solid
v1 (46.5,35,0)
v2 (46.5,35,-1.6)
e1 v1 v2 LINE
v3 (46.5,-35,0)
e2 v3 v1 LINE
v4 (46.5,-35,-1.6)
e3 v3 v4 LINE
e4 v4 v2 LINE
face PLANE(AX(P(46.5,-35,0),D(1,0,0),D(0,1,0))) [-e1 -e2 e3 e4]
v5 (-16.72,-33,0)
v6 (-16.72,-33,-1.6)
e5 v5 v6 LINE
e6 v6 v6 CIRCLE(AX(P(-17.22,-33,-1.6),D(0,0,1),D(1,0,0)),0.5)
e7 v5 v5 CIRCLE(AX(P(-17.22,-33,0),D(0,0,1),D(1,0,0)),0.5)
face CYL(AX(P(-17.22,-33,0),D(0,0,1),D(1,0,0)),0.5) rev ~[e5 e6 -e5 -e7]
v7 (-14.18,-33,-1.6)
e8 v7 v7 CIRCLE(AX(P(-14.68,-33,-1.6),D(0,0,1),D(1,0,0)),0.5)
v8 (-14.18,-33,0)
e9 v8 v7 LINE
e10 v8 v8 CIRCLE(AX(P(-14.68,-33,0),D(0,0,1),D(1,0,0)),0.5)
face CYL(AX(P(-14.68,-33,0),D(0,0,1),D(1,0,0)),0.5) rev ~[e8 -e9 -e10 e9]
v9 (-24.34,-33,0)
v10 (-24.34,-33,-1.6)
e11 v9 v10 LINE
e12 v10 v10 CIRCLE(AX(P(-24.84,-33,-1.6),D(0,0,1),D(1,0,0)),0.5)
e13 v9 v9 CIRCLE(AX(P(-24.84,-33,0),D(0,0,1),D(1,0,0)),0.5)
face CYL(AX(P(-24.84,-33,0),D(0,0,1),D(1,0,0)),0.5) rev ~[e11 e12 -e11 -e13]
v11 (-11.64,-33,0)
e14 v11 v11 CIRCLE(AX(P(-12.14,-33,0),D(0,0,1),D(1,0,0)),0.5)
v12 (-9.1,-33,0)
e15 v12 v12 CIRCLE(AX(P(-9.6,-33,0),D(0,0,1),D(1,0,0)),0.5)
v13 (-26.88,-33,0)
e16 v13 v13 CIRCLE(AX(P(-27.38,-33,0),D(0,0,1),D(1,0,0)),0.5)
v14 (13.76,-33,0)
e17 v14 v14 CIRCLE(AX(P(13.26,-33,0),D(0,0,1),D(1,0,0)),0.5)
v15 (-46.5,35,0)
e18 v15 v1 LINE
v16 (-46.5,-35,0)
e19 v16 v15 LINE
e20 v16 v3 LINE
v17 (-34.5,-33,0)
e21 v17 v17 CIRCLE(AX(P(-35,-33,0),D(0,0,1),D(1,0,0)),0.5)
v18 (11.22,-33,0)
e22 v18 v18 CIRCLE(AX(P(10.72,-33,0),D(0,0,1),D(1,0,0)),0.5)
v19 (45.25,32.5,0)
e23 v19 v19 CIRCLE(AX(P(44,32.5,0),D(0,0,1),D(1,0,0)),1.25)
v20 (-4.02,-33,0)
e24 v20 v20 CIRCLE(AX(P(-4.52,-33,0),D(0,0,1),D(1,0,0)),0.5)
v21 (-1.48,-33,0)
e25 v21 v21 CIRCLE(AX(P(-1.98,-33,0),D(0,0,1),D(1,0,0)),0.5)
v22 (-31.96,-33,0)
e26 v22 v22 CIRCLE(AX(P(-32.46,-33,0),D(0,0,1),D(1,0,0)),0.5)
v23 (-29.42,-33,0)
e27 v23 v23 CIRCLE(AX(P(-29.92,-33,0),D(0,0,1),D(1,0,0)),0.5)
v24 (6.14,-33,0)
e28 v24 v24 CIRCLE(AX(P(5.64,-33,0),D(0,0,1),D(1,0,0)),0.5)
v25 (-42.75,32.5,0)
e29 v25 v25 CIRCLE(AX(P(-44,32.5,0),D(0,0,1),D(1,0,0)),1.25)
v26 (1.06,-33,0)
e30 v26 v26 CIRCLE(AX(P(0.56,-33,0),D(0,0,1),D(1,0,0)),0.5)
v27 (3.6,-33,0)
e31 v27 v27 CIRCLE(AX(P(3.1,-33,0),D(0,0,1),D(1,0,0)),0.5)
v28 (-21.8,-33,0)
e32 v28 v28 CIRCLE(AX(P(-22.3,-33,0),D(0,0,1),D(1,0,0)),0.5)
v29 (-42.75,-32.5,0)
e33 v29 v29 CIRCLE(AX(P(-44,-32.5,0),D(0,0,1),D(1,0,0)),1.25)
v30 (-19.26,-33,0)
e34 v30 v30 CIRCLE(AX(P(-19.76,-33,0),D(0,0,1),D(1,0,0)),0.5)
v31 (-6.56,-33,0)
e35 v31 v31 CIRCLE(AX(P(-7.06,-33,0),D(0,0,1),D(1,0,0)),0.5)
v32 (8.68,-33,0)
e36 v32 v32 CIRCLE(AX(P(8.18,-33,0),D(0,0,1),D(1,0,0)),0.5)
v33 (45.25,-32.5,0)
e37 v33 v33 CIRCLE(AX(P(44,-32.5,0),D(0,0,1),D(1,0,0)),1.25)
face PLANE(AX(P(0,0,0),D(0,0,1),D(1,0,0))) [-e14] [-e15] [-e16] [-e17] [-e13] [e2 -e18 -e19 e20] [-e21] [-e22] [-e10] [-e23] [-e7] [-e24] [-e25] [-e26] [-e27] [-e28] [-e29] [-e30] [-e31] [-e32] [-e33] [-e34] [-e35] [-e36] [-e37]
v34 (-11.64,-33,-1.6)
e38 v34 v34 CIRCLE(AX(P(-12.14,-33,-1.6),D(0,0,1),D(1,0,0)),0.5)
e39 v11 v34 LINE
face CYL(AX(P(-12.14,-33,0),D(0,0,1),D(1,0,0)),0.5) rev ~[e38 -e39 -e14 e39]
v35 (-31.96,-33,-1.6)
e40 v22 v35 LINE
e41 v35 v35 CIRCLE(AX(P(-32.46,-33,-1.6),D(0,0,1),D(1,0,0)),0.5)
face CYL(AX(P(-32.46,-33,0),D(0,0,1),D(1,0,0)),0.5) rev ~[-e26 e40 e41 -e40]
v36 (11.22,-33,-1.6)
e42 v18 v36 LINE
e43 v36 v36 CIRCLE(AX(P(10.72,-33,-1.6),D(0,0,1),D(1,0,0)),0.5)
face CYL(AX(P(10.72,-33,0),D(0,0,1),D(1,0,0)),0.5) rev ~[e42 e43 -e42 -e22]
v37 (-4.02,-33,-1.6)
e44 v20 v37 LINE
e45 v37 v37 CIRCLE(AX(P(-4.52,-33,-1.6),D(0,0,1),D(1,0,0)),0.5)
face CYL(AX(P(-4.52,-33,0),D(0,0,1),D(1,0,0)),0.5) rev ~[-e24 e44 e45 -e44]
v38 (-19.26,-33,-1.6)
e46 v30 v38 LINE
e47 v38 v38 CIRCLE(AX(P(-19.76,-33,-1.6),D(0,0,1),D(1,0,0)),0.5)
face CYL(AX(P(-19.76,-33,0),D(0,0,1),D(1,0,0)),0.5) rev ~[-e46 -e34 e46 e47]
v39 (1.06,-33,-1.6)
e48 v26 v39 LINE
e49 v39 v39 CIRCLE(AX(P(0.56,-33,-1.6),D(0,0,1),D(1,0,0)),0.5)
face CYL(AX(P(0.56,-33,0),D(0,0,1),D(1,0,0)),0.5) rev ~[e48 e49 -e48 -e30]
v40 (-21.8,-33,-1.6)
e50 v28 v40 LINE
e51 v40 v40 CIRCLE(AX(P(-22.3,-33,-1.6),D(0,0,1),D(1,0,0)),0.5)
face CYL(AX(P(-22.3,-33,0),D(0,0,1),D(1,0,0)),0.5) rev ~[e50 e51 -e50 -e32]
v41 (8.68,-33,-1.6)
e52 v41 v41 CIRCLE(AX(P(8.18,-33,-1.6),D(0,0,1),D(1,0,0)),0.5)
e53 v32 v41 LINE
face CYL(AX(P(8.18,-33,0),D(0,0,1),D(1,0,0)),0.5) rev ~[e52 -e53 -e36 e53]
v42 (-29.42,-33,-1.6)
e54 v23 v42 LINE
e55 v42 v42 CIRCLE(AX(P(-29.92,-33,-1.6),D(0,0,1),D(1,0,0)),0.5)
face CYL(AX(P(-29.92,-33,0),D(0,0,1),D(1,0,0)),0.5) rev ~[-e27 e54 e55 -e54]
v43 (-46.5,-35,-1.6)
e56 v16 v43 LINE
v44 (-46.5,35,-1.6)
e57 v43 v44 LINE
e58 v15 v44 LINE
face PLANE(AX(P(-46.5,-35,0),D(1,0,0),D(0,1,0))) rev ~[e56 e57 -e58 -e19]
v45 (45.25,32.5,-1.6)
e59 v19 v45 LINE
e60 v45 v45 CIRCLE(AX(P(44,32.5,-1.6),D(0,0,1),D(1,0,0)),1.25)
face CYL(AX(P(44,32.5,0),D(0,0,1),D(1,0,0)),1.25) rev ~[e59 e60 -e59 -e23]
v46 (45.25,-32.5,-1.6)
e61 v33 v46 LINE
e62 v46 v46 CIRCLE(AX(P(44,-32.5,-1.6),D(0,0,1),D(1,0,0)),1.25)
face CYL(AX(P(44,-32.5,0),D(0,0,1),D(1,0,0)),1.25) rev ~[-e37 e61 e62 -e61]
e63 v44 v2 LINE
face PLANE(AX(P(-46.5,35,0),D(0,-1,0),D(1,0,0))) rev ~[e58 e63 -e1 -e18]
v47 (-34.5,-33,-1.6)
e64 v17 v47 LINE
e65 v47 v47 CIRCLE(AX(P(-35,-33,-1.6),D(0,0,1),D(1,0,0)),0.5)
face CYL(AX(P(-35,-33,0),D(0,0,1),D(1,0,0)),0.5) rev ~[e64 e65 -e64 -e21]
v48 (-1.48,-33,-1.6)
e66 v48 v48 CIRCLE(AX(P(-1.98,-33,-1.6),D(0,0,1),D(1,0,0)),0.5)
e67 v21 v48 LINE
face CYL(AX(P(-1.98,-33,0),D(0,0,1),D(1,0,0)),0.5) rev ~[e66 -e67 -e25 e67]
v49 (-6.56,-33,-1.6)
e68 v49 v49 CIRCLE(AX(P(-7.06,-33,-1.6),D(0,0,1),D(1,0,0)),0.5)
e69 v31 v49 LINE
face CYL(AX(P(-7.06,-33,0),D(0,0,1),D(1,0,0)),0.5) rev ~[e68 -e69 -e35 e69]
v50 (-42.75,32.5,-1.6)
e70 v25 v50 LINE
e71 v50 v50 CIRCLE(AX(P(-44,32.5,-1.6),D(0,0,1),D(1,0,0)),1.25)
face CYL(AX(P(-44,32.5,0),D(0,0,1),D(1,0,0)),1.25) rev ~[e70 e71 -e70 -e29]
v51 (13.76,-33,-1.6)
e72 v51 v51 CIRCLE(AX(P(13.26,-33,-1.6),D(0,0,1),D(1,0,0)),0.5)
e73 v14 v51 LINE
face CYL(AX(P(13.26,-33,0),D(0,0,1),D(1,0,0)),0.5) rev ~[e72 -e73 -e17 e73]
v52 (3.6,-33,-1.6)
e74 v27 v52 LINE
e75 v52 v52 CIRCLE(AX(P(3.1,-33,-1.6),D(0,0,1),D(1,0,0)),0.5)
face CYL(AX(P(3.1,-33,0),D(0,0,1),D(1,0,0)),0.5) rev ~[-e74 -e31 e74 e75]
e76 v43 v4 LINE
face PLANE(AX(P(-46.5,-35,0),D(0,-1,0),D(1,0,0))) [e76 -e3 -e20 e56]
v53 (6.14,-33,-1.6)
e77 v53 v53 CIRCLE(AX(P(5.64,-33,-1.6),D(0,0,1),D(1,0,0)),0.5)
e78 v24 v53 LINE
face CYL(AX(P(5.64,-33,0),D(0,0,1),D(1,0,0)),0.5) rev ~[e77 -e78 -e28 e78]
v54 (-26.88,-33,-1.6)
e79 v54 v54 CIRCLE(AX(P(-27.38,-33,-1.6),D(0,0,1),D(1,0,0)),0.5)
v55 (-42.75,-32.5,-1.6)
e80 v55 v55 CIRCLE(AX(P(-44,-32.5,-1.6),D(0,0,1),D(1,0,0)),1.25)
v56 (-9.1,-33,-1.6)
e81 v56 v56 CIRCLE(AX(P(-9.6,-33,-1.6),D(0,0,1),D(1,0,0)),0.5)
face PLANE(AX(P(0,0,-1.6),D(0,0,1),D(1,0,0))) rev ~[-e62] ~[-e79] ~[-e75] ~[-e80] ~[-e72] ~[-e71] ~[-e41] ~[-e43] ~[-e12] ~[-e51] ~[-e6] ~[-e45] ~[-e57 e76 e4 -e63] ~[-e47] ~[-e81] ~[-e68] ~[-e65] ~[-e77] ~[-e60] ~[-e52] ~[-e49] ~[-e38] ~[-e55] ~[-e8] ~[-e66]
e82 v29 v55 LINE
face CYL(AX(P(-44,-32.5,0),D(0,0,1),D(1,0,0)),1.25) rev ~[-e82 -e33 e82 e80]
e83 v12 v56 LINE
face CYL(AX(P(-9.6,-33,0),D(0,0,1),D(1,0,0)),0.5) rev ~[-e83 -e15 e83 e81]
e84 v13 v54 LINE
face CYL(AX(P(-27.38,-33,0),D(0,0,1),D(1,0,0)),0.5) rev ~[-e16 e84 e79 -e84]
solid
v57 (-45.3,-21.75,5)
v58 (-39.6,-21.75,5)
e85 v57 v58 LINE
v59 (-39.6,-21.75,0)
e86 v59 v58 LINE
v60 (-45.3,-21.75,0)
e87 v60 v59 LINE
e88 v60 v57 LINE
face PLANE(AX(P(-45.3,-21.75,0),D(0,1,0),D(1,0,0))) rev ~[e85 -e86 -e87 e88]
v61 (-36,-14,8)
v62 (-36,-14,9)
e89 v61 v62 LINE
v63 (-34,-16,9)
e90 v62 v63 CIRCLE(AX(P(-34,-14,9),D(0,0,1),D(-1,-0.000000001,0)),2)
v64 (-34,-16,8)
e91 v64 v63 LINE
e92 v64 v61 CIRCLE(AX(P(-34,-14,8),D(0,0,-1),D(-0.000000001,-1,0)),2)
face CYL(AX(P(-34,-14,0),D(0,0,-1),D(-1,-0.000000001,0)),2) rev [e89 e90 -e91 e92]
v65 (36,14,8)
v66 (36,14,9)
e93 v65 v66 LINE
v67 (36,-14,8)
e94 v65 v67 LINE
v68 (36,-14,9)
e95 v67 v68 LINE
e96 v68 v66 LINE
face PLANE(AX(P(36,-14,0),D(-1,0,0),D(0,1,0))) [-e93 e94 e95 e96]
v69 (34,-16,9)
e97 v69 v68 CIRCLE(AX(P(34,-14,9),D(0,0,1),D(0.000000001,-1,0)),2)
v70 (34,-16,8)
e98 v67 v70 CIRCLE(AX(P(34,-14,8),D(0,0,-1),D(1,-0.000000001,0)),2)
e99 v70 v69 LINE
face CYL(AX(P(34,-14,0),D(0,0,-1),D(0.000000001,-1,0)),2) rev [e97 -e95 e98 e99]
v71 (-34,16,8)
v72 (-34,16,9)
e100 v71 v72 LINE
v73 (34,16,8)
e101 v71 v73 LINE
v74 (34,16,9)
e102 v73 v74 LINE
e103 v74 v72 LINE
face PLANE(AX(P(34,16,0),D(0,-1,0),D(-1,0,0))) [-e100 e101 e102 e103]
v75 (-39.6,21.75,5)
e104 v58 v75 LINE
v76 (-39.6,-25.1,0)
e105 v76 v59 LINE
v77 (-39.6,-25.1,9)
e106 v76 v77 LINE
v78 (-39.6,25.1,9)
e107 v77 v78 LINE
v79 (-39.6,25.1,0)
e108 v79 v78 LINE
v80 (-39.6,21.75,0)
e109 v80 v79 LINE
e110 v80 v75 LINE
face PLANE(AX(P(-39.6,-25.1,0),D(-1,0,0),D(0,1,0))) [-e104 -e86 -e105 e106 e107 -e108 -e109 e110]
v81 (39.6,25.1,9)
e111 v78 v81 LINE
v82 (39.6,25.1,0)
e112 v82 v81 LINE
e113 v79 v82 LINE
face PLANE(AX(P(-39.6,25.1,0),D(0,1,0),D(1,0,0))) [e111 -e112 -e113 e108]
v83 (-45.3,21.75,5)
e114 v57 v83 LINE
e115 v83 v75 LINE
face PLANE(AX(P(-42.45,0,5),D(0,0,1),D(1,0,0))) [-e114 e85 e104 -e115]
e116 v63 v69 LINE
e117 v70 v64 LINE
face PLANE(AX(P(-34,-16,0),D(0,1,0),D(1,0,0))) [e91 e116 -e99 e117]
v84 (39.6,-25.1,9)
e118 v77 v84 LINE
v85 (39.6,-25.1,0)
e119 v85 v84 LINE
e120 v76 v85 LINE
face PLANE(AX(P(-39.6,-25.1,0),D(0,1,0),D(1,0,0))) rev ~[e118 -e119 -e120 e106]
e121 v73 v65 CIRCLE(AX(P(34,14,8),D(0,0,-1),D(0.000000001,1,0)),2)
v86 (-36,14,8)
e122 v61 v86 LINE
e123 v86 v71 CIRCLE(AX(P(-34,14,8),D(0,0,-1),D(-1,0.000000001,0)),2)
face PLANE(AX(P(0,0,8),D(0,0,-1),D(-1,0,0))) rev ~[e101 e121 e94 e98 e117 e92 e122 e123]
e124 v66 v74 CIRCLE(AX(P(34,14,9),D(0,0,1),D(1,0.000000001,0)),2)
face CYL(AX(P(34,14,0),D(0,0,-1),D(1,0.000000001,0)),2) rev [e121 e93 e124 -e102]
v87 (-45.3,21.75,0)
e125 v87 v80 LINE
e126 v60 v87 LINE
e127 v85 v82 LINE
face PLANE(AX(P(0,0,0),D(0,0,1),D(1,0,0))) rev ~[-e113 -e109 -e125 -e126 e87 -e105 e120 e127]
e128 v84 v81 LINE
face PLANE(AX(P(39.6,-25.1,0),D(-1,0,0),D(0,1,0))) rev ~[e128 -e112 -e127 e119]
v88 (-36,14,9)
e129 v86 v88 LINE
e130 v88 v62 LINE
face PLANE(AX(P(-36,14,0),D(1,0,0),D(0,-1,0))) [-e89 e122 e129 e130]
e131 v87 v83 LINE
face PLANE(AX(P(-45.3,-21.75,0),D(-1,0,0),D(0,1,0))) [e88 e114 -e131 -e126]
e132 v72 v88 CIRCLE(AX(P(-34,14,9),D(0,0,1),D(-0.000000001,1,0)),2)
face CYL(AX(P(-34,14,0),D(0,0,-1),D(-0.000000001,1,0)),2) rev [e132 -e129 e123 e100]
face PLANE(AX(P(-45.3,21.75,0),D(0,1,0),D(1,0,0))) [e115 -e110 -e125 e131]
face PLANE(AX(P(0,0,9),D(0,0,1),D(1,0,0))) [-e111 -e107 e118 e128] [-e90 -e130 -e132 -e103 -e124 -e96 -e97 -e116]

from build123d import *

# Parameters (mm, degrees)
BOSS_EXTRUDE1_DEPTH = 8
SKETCH1_W           = 79.2
SKETCH1_H           = 50.2
BOSS_EXTRUDE2_DEPTH = 9
SKETCH2_W           = 93
SKETCH2_H           = 70
SKETCH2_R           = 1.25
SKETCH2_R_2         = 0.5
BOSS_EXTRUDE3_DEPTH = 1.6
SKETCH3_W           = 5.7
SKETCH3_H           = 43.5
BOSS_EXTRUDE4_DEPTH = 5


with BuildPart() as part:
    # Esboço1 → Boss-Extrude1 (new body)
    with BuildSketch(Plane.XY):
        with BuildLine():
            ThreePointArc((-34, -16), (-35.414213562, -15.414213562), (-36, -14))
            Line((-36, -14), (-36, 14))
            ThreePointArc((-36, 14), (-35.414213562, 15.414213562), (-34, 16))
            Line((-34, 16), (34, 16))
            ThreePointArc((34, 16), (35.414213562, 15.414213562), (36, 14))
            Line((36, 14), (36, -14))
            ThreePointArc((36, -14), (35.414213562, -15.414213562), (34, -16))
            Line((34, -16), (-34, -16))
        make_face()
    extrude(amount=BOSS_EXTRUDE1_DEPTH)

    # Sketch1 → Boss-Extrude2 (add)
    with BuildSketch(Plane.XY):
        Rectangle(SKETCH1_W, SKETCH1_H)
        with BuildLine():
            Line((-34, -16), (34, -16))
            ThreePointArc((34, -16), (35.414213562, -15.414213562), (36, -14))
            Line((36, -14), (36, 14))
            ThreePointArc((36, 14), (35.414213562, 15.414213562), (34, 16))
            Line((34, 16), (-34, 16))
            ThreePointArc((-34, 16), (-35.414213562, 15.414213562), (-36, 14))
            Line((-36, 14), (-36, -14))
            ThreePointArc((-36, -14), (-35.414213562, -15.414213562), (-34, -16))
        make_face(mode=Mode.SUBTRACT)
    extrude(amount=BOSS_EXTRUDE2_DEPTH)

    # Sketch3 → Boss-Extrude4 (add)
    with BuildSketch(Plane.XY):
        with Locations((-42.45, 0)):
            Rectangle(SKETCH3_W, SKETCH3_H)
    extrude(amount=BOSS_EXTRUDE4_DEPTH)


with BuildPart() as body_2:
    # Sketch2 → Boss-Extrude3 (new body)
    with BuildSketch(Plane.XY):
        Rectangle(SKETCH2_W, SKETCH2_H)
        with Locations((-44, 32.5)):
            Circle(SKETCH2_R, mode=Mode.SUBTRACT)
        with Locations((44, 32.5)):
            Circle(SKETCH2_R, mode=Mode.SUBTRACT)
        with Locations((44, -32.5)):
            Circle(SKETCH2_R, mode=Mode.SUBTRACT)
        with Locations((-44, -32.5)):
            Circle(SKETCH2_R, mode=Mode.SUBTRACT)
        with Locations((-35, -33)):
            Circle(SKETCH2_R_2, mode=Mode.SUBTRACT)
        with Locations((13.26, -33)):
            Circle(SKETCH2_R_2, mode=Mode.SUBTRACT)
        with Locations((-32.46, -33)):
            Circle(SKETCH2_R_2, mode=Mode.SUBTRACT)
        with Locations((-29.92, -33)):
            Circle(SKETCH2_R_2, mode=Mode.SUBTRACT)
        with Locations((-27.38, -33)):
            Circle(SKETCH2_R_2, mode=Mode.SUBTRACT)
        with Locations((-24.84, -33)):
            Circle(SKETCH2_R_2, mode=Mode.SUBTRACT)
        with Locations((-22.3, -33)):
            Circle(SKETCH2_R_2, mode=Mode.SUBTRACT)
        with Locations((-19.76, -33)):
            Circle(SKETCH2_R_2, mode=Mode.SUBTRACT)
        with Locations((-17.22, -33)):
            Circle(SKETCH2_R_2, mode=Mode.SUBTRACT)
        with Locations((-14.68, -33)):
            Circle(SKETCH2_R_2, mode=Mode.SUBTRACT)
        with Locations((-12.14, -33)):
            Circle(SKETCH2_R_2, mode=Mode.SUBTRACT)
        with Locations((-9.6, -33)):
            Circle(SKETCH2_R_2, mode=Mode.SUBTRACT)
        with Locations((-7.06, -33)):
            Circle(SKETCH2_R_2, mode=Mode.SUBTRACT)
        with Locations((-4.52, -33)):
            Circle(SKETCH2_R_2, mode=Mode.SUBTRACT)
        with Locations((-1.98, -33)):
            Circle(SKETCH2_R_2, mode=Mode.SUBTRACT)
        with Locations((0.56, -33)):
            Circle(SKETCH2_R_2, mode=Mode.SUBTRACT)
        with Locations((3.1, -33)):
            Circle(SKETCH2_R_2, mode=Mode.SUBTRACT)
        with Locations((5.64, -33)):
            Circle(SKETCH2_R_2, mode=Mode.SUBTRACT)
        with Locations((8.18, -33)):
            Circle(SKETCH2_R_2, mode=Mode.SUBTRACT)
        with Locations((10.72, -33)):
            Circle(SKETCH2_R_2, mode=Mode.SUBTRACT)
    extrude(amount=-BOSS_EXTRUDE3_DEPTH)


solid = Compound([part.part, body_2.part])
